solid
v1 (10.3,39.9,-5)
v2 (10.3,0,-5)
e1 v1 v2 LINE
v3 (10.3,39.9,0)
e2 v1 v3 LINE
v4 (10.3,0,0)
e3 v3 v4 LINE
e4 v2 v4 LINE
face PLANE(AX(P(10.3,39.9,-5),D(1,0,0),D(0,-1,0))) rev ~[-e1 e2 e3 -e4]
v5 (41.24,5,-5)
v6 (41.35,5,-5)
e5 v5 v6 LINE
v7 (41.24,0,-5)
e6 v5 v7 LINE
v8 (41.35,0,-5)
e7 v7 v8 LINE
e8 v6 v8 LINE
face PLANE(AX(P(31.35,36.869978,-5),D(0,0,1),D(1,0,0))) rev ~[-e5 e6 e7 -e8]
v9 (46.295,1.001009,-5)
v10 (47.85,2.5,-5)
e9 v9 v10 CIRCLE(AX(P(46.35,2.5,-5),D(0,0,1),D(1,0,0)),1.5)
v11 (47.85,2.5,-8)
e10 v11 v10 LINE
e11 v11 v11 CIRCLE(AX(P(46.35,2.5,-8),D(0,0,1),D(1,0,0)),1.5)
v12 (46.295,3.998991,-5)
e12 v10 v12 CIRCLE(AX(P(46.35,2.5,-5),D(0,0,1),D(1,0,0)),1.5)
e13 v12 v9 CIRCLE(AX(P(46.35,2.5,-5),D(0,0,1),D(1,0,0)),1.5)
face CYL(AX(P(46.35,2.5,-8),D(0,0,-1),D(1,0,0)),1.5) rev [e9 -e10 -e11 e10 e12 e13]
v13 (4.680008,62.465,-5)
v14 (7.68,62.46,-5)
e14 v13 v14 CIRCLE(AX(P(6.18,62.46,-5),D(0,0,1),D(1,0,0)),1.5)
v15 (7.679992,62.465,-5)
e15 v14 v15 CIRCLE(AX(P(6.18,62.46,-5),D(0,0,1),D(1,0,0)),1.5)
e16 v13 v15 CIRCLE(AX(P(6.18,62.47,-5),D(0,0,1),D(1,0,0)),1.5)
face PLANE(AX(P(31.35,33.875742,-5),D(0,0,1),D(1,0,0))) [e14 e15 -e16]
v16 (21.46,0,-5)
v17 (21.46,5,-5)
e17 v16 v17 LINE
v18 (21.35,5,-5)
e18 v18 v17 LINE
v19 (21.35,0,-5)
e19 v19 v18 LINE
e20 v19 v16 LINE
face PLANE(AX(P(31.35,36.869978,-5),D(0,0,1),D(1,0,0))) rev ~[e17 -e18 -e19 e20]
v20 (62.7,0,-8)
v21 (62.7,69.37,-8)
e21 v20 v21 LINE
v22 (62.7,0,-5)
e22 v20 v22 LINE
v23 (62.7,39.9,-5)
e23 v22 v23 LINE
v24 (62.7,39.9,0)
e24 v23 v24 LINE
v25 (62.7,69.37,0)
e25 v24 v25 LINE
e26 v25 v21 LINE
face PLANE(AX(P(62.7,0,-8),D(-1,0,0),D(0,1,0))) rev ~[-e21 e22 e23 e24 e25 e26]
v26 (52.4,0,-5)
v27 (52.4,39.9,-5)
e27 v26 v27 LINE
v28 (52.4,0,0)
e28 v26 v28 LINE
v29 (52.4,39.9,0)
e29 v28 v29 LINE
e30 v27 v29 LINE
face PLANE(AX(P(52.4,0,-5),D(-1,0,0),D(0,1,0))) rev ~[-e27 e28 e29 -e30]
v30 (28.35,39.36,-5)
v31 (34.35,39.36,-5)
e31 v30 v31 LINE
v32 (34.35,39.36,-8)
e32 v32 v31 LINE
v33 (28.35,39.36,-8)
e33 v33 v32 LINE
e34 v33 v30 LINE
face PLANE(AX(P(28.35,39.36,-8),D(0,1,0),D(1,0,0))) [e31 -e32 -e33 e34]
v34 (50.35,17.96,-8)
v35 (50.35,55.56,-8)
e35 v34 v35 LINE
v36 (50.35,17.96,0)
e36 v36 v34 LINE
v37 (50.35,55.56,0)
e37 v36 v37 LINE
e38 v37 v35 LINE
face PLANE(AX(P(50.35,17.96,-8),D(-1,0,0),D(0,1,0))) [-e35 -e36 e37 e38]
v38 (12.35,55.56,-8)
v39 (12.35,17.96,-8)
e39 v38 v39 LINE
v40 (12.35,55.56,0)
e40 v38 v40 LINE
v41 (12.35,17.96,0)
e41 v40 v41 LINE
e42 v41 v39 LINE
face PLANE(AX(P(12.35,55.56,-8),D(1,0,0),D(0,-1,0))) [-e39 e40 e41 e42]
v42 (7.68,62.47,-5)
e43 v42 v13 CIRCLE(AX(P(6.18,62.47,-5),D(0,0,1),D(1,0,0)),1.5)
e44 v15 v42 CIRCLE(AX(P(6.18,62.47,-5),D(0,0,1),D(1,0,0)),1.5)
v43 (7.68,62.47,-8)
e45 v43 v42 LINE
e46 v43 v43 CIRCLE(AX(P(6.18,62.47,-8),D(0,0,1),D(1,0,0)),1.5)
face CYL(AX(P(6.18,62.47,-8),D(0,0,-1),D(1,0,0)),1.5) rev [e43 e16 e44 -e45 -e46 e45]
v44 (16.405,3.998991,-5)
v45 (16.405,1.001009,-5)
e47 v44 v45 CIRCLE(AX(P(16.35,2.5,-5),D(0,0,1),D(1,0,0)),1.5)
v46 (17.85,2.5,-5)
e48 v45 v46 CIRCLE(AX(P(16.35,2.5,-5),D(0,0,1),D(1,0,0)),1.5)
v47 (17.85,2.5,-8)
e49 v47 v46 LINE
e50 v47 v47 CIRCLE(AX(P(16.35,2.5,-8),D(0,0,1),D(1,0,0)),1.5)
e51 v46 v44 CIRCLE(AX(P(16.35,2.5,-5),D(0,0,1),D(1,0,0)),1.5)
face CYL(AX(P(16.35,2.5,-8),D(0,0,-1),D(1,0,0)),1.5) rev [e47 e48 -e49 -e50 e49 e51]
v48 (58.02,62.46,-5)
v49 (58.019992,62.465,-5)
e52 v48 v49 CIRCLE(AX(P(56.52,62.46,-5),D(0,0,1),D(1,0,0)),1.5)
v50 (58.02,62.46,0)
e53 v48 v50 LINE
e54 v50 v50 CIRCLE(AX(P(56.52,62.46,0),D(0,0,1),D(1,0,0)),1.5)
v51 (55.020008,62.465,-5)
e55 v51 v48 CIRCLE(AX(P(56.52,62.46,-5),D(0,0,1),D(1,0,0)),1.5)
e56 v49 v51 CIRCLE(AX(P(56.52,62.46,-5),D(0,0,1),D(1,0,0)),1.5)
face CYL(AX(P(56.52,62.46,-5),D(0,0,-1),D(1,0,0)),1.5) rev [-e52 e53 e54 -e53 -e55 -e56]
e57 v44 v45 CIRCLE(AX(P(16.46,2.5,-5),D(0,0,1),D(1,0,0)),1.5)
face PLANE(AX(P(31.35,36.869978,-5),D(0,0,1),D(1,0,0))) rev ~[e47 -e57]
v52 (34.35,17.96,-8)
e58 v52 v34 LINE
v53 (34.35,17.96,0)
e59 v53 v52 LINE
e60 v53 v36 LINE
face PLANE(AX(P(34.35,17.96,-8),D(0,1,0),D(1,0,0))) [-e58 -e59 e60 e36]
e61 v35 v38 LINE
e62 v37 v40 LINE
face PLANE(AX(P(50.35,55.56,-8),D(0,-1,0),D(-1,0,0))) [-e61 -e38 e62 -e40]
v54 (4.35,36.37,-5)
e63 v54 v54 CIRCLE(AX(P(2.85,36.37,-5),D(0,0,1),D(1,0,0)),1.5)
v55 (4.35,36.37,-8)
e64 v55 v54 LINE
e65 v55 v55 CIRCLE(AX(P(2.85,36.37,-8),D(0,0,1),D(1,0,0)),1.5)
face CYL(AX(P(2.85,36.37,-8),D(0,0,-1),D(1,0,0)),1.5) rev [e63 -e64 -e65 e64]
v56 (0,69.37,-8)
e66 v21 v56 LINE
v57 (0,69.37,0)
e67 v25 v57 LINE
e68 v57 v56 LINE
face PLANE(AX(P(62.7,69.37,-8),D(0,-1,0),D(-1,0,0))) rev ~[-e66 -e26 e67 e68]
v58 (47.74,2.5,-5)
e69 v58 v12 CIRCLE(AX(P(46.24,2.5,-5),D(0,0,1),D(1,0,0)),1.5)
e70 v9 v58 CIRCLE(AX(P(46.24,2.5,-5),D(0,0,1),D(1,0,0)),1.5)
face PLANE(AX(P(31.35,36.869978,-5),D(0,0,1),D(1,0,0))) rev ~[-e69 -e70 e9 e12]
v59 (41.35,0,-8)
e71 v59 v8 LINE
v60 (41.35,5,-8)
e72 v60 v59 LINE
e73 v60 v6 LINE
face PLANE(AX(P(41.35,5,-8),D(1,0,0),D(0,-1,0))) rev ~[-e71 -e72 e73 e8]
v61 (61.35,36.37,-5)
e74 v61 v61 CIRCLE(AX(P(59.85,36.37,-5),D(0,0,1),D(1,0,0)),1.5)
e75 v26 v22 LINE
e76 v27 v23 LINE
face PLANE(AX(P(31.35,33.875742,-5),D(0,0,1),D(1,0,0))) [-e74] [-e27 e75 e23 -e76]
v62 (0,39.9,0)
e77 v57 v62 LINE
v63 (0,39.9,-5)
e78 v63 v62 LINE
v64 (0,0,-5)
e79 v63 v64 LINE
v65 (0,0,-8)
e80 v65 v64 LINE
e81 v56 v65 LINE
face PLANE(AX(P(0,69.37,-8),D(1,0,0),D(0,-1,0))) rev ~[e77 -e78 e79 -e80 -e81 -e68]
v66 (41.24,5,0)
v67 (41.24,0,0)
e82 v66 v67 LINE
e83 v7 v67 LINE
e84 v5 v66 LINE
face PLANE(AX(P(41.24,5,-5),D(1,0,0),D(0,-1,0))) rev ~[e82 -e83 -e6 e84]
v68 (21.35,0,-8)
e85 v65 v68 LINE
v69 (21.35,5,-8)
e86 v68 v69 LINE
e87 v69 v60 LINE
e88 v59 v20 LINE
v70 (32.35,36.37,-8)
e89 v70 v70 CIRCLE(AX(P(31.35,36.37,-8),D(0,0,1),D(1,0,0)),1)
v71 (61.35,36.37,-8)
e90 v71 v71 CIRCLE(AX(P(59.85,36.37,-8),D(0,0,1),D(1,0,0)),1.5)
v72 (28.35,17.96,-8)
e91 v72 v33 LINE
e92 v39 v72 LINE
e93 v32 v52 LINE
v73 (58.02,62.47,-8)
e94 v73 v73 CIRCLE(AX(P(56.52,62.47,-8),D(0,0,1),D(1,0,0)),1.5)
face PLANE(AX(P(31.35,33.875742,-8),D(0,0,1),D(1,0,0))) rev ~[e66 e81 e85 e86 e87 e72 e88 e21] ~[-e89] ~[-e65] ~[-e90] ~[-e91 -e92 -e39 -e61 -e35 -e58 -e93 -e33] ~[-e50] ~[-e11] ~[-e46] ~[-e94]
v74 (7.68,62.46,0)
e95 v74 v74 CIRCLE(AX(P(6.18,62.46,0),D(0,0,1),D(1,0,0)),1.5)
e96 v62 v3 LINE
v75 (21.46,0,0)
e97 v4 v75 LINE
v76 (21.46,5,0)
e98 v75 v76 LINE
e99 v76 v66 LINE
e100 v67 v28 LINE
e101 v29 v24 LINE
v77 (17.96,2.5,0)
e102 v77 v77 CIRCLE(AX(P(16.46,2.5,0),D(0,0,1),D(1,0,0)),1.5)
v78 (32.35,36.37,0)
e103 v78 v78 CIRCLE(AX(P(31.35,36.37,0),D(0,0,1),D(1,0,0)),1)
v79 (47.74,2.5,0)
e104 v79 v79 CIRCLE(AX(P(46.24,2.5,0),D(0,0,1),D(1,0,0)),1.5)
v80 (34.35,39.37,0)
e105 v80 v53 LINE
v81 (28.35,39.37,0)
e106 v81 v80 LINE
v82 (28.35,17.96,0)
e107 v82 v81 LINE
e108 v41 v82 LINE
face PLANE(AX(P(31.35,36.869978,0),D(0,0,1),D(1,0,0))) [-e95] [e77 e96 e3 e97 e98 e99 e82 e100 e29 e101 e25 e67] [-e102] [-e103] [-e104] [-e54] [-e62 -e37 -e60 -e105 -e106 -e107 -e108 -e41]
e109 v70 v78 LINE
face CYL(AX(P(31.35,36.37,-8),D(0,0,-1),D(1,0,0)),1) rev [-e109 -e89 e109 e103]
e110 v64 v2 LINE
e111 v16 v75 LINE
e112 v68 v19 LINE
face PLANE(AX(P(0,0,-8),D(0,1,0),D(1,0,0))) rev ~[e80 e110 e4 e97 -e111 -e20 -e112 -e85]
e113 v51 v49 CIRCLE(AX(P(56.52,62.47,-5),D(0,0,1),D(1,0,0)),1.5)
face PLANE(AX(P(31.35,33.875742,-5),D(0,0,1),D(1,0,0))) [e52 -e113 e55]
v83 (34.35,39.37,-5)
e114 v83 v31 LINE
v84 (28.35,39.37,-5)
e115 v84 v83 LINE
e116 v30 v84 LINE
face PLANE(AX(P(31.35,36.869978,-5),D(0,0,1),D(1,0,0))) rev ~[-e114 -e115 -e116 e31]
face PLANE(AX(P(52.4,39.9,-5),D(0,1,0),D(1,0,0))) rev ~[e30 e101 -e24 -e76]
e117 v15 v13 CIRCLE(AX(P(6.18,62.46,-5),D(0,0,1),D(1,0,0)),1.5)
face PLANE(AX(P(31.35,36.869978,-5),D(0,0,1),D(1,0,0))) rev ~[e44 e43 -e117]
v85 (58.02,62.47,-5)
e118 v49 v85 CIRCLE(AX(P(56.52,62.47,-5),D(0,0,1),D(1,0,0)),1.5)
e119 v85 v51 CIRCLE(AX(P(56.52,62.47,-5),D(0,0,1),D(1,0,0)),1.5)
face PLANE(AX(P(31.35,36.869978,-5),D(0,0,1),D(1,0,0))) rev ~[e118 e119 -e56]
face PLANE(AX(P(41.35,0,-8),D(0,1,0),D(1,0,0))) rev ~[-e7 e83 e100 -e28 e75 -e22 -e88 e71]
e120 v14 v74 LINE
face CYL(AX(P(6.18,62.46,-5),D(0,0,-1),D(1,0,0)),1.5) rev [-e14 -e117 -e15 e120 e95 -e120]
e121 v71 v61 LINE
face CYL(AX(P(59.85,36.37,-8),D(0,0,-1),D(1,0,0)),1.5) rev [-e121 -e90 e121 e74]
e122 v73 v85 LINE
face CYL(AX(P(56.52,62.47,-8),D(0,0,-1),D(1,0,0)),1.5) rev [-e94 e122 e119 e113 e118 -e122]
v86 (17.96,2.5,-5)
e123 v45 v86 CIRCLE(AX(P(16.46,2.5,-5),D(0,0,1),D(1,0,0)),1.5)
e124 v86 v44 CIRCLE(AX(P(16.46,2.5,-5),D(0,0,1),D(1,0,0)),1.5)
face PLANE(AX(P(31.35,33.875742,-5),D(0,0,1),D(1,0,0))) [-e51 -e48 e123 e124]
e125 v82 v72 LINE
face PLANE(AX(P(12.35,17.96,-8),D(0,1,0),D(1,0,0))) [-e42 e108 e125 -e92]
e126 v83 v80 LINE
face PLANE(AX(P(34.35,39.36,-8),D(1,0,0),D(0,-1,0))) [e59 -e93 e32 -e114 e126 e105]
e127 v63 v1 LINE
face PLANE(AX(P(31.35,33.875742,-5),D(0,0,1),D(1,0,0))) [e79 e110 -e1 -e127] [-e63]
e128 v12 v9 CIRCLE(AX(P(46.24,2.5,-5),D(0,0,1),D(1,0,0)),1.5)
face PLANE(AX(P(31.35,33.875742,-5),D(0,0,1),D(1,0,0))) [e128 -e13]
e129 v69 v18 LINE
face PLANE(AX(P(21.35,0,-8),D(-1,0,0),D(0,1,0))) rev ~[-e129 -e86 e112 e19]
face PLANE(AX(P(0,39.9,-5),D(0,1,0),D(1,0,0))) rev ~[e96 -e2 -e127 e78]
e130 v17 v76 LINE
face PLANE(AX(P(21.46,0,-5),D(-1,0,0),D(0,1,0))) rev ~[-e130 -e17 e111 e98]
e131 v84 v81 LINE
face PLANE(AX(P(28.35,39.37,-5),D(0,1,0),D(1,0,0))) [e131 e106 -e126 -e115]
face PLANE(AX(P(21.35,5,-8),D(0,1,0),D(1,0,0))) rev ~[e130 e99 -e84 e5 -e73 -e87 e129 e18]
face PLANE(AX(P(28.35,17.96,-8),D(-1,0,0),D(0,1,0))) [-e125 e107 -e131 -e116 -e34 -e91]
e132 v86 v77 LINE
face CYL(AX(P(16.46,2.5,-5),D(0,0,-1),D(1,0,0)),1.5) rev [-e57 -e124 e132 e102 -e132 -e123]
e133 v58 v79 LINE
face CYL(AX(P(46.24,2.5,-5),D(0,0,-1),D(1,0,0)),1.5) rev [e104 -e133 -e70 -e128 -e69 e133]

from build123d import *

# Parameters (mm, degrees)
SKETCH002_R   = 1.5
SKETCH002_R_2 = 1
PAD002_DEPTH  = 3
SKETCH001_R   = 1
SKETCH001_R_2 = 1.5
PAD001_DEPTH  = 5


with BuildPart() as platte3:
    # Sketch002 → Pad002 (new body)
    with BuildSketch(Plane.XY):
        Polygon((-31.35, 69.37), (-31.35, 0), (-10, 0), (-10, 5), (10, 5), (10, 0), (31.35, 0), (31.35, 69.37), align=None)
        with Locations((-25.17, 62.47)):
            Circle(SKETCH002_R, mode=Mode.SUBTRACT)
        with Locations((25.17, 62.47)):
            Circle(SKETCH002_R, mode=Mode.SUBTRACT)
        with Locations((-28.5, 36.37)):
            Circle(SKETCH002_R, mode=Mode.SUBTRACT)
        with Locations((28.5, 36.37)):
            Circle(SKETCH002_R, mode=Mode.SUBTRACT)
        with Locations((-15, 2.5)):
            Circle(SKETCH002_R, mode=Mode.SUBTRACT)
        with Locations((15, 2.5)):
            Circle(SKETCH002_R, mode=Mode.SUBTRACT)
        with Locations((0, 36.37)):
            Circle(SKETCH002_R_2, mode=Mode.SUBTRACT)
        Polygon((-19, 55.56), (-19, 17.96), (-3, 17.96), (-3, 39.36), (3, 39.36), (3, 17.96), (19, 17.96), (19, 55.56), align=None, mode=Mode.SUBTRACT)
    extrude(amount=PAD002_DEPTH)


with BuildPart() as base_fusion:
    # Sketch001 → Pad001 (new body)
    with BuildSketch(Plane.XY):
        Polygon((-31.35, 69.37), (-31.35, 39.9), (-21.05, 39.9), (-21.05, 0), (-9.89, 0), (-9.89, 5), (9.89, 5), (9.89, 0), (21.05, 0), (21.05, 39.9), (31.35, 39.9), (31.35, 69.37), align=None)
        with Locations((0, 36.37)):
            Circle(SKETCH001_R, mode=Mode.SUBTRACT)
        with Locations((-14.89, 2.5)):
            Circle(SKETCH001_R_2, mode=Mode.SUBTRACT)
        with Locations((14.89, 2.5)):
            Circle(SKETCH001_R_2, mode=Mode.SUBTRACT)
        with Locations((-25.17, 62.46)):
            Circle(SKETCH001_R_2, mode=Mode.SUBTRACT)
        with Locations((25.17, 62.46)):
            Circle(SKETCH001_R_2, mode=Mode.SUBTRACT)
        Polygon((-19, 55.56), (-19, 17.96), (-3, 17.96), (-3, 39.37), (3, 39.37), (3, 17.96), (19, 17.96), (19, 55.56), align=None, mode=Mode.SUBTRACT)
    extrude(amount=PAD001_DEPTH)


with BuildPart() as base_fusion_1:
    # Body001 placement: moved
    add(base_fusion.part.moved(Location((0, 0, 3))))

    # Fusion: union platte3
    add(platte3.part)


with BuildPart() as base_fusion_2:
    # Clone placement: moved
    add(base_fusion_1.part.moved(Location((31.35, 0, -8))))


solid = base_fusion_2.part
